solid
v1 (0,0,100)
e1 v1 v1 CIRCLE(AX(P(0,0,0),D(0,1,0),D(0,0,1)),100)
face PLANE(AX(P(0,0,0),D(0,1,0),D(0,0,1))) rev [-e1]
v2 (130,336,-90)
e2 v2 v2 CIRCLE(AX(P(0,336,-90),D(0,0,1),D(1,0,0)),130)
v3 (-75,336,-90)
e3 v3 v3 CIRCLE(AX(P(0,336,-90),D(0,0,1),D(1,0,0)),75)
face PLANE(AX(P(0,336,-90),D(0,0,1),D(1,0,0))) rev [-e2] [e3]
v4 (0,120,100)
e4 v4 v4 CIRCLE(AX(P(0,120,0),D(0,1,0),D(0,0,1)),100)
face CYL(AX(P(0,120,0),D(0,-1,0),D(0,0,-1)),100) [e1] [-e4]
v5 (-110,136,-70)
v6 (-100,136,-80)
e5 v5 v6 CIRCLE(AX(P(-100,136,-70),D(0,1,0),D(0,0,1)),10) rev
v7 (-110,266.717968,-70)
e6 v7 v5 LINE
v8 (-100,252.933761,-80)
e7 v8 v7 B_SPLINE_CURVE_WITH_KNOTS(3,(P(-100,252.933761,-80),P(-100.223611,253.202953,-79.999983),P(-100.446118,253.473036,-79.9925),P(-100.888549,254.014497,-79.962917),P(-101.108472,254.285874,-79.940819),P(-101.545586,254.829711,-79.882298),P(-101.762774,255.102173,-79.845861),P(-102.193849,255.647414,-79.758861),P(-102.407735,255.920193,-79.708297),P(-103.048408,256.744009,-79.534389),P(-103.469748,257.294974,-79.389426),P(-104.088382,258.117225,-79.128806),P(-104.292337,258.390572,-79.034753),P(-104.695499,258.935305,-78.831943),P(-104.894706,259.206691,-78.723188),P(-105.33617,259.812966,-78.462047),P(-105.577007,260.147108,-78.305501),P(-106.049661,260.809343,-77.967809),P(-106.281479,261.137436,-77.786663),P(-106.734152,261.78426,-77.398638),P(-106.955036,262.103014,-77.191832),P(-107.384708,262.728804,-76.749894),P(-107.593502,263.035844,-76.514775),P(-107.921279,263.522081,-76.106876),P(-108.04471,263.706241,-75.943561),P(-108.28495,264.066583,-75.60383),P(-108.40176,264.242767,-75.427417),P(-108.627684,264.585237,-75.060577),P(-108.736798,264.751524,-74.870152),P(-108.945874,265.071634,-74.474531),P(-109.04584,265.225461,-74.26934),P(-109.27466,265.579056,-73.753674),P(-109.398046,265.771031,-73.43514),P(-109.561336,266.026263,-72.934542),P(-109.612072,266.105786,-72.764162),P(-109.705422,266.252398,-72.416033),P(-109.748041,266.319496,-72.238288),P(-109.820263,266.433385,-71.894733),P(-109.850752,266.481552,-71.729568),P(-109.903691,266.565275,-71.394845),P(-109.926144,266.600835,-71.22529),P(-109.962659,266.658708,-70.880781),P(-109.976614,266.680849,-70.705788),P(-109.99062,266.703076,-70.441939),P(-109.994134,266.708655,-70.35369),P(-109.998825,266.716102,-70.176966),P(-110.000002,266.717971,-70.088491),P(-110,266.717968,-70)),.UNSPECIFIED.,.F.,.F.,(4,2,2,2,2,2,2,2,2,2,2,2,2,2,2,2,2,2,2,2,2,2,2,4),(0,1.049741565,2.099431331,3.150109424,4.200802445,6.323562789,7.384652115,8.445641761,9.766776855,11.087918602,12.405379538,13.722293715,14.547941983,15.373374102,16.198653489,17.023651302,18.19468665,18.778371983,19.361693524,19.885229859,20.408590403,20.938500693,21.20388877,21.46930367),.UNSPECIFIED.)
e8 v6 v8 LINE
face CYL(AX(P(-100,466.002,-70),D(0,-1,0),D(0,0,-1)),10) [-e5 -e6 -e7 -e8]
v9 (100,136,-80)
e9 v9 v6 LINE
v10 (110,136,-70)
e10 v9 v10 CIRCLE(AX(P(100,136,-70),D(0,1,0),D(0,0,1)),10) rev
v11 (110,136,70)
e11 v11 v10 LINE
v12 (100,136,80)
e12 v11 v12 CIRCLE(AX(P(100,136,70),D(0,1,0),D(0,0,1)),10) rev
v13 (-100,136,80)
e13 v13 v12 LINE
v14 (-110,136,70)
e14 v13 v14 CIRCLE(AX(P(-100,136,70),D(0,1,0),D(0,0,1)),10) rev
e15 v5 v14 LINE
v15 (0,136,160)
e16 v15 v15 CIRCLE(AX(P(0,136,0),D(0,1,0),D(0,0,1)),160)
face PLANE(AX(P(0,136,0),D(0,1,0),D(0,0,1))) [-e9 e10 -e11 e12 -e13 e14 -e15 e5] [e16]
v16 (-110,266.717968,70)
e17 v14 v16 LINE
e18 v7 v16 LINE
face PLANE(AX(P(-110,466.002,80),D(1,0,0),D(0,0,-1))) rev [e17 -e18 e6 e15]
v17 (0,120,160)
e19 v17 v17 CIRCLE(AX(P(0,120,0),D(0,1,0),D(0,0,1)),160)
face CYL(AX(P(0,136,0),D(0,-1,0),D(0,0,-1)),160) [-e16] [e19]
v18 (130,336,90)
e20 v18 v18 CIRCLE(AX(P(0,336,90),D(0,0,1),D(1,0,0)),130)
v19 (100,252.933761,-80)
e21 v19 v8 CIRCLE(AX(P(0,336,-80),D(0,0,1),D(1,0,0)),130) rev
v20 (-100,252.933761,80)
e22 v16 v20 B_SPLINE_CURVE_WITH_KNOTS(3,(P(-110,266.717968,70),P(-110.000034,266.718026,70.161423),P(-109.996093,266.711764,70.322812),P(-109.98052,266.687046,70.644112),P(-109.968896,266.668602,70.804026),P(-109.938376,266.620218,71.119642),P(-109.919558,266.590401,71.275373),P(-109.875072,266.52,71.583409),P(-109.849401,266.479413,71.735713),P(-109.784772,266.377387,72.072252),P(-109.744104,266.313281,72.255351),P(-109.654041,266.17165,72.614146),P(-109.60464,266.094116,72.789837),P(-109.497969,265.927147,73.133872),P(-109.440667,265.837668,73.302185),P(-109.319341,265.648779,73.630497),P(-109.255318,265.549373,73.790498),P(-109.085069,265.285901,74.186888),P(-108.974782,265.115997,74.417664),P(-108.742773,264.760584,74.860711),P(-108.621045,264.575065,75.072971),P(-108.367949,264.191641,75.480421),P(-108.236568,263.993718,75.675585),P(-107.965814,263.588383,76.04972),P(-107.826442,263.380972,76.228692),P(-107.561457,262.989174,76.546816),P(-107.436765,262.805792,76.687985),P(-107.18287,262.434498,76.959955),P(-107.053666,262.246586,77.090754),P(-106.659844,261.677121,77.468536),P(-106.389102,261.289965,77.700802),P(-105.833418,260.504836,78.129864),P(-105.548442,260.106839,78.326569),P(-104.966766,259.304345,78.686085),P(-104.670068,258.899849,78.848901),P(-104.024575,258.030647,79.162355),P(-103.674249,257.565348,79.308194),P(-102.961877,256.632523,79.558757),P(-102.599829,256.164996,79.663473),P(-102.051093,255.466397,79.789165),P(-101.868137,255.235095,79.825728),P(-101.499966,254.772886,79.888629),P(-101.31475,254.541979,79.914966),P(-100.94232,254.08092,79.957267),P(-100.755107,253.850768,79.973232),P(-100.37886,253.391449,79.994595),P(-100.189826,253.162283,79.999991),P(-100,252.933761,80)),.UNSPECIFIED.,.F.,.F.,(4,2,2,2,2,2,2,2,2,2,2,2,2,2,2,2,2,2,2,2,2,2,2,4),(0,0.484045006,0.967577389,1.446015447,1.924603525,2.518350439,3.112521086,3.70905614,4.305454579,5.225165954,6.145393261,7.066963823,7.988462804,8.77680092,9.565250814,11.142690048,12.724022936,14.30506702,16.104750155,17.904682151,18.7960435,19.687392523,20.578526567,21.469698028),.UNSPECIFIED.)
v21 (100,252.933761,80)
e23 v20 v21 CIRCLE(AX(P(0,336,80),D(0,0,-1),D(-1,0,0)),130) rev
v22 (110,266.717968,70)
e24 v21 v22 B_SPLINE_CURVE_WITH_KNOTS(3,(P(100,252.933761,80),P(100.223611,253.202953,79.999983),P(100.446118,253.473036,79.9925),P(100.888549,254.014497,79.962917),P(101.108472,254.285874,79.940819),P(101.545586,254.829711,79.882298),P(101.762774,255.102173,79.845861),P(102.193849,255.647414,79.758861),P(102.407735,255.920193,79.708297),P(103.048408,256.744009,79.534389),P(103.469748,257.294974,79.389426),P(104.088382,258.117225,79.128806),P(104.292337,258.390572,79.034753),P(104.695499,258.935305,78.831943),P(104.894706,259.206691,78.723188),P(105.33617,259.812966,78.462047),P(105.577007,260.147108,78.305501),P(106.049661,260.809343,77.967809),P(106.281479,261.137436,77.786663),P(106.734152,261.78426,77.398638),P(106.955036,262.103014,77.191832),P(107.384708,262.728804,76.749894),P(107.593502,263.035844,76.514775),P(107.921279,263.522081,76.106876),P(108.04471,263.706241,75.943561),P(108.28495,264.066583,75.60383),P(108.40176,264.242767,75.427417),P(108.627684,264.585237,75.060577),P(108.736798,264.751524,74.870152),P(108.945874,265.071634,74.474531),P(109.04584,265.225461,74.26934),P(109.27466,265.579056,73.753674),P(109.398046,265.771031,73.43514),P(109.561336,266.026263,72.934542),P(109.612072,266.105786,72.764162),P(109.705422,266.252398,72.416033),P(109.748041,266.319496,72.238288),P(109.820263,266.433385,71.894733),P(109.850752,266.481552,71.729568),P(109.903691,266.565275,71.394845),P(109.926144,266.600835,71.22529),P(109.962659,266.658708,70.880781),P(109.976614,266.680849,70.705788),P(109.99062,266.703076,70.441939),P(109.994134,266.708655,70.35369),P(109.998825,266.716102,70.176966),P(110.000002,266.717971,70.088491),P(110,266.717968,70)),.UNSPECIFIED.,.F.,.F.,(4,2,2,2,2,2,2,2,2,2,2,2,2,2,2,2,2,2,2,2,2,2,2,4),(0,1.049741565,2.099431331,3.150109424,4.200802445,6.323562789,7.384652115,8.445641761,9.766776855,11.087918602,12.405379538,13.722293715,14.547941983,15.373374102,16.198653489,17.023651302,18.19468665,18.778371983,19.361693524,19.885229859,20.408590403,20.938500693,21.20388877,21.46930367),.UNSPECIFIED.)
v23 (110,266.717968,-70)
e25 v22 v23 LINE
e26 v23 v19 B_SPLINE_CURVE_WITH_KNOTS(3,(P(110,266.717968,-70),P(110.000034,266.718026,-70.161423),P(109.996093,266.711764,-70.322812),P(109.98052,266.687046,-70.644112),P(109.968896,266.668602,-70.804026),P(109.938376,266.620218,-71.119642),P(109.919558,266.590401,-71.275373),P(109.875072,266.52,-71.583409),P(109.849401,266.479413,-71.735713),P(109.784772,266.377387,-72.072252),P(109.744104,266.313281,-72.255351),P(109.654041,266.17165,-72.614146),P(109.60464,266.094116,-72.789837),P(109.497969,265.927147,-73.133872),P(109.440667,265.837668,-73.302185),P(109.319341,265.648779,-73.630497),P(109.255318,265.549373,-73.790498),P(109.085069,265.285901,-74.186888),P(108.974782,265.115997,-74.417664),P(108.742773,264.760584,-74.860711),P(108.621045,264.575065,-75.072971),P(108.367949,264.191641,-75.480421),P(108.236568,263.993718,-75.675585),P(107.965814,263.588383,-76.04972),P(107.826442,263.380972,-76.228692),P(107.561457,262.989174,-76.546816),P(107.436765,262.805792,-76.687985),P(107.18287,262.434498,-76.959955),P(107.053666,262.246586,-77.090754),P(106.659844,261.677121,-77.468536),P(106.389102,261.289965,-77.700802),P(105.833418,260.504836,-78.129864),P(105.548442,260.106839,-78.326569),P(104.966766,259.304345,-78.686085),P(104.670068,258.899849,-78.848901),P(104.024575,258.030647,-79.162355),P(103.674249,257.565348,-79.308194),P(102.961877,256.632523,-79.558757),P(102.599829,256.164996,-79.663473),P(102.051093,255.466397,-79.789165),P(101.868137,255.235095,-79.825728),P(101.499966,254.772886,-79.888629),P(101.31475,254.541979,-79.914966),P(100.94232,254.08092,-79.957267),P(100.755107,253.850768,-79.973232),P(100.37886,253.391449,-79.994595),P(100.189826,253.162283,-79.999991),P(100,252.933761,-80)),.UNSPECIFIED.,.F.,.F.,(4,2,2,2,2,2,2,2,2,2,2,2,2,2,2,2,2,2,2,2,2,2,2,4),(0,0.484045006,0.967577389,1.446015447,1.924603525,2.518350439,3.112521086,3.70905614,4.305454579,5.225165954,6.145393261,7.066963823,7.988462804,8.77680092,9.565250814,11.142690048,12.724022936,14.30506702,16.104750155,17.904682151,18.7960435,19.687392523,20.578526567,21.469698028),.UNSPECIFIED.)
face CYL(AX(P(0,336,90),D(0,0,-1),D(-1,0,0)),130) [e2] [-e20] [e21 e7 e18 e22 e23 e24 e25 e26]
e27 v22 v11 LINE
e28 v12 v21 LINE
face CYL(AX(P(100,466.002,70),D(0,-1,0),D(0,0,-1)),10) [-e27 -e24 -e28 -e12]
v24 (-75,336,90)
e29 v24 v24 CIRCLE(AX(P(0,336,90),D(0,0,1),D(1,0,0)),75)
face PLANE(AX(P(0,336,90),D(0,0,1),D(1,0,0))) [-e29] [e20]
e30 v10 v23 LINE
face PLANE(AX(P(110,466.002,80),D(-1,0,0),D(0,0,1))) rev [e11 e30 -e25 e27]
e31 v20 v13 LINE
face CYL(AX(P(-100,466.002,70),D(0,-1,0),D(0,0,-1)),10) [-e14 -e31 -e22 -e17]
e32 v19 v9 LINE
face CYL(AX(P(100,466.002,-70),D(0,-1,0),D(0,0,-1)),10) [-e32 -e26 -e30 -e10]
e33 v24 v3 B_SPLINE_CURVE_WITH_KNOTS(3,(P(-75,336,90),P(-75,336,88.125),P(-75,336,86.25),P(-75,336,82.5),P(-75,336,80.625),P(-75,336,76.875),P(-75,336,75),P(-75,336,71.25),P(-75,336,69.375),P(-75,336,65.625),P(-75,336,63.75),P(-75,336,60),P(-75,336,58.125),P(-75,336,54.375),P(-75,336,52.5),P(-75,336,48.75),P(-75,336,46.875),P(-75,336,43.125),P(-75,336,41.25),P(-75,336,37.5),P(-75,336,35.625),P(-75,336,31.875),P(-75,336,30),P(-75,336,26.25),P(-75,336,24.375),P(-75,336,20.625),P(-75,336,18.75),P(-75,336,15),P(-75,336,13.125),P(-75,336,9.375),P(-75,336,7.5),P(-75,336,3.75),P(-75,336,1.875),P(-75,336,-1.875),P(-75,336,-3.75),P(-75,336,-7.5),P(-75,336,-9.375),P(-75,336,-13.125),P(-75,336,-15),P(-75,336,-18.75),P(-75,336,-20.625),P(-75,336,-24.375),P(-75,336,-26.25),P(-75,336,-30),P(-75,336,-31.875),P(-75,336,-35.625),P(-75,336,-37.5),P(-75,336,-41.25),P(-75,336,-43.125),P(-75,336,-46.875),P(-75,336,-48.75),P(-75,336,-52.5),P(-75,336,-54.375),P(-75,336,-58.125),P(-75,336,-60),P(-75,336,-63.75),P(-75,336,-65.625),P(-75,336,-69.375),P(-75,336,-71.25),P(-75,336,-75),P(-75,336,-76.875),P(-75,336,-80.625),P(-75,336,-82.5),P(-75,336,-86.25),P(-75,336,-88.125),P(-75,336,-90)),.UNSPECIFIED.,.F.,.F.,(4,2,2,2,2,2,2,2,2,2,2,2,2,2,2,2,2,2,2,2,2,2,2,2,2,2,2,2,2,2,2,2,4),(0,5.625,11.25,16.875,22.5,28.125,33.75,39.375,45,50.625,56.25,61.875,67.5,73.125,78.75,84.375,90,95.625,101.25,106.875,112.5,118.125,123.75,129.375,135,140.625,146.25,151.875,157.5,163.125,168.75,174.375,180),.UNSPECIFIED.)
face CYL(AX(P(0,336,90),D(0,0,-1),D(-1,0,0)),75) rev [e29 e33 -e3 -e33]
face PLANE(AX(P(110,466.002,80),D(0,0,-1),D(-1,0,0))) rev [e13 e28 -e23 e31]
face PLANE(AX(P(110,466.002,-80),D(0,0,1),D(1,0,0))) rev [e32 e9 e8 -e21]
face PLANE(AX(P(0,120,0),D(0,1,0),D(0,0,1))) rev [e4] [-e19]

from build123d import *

# Parameters (mm, degrees)
SKETCH1_R                = 100
BOSS_EXTRUDE1_DEPTH      = 120
SKETCH2_R                = 160
BOSS_EXTRUDE2_DEPTH      = 16
SKETCH3_R                = 130
SKETCH3_R_2              = 75
BOSS_EXTRUDE3_DEPTH      = 90
BOSS_EXTRUDE4_REACH      = 402.125
BOSS_EXTRUDE4_END_RADIUS = 130
SKETCH4_W                = 220
SKETCH4_H                = 160
FILLET1_R                = 10


with BuildPart() as part:
    # Sketch1 → Boss-Extrude1 (new body)
    with BuildSketch(Plane(origin=(0, 0, 0), x_dir=(1, 0, 0), z_dir=(0, 1, 0))):
        with Locations(Location((0, 0, 0), (0, 0, 270))):
            Circle(SKETCH1_R)
    extrude(amount=BOSS_EXTRUDE1_DEPTH)

    # Sketch2 → Boss-Extrude2 (add)
    with BuildSketch(Plane(origin=(0, 120, 0), x_dir=(1, 0, 0), z_dir=(0, 1, 0))):
        with Locations(Location((0, 0, 0), (0, 0, 270))):
            Circle(SKETCH2_R)
    extrude(amount=BOSS_EXTRUDE2_DEPTH)



with BuildPart() as body_2:
    # Sketch3 → Boss-Extrude3 (new, symmetric)
    with BuildSketch(Plane.XY):
        with Locations(Location((0, 336, 0), (0, 0, 180))):
            Circle(SKETCH3_R)
        with Locations(Location((0, 336, 0), (0, 0, 180))):
            Circle(SKETCH3_R_2, mode=Mode.SUBTRACT)
    extrude(amount=BOSS_EXTRUDE3_DEPTH, both=True)


with BuildPart() as part_1:
    add(part.part)

    add(body_2.part)  # Boss-Extrude4 merges body 2
    # Boss-Extrude4: up to this cylinder (the profile starts outside it)
    boss_extrude4_end = Plane(origin=(0, 336, 0), z_dir=(0, 0, -1)) * Cylinder(BOSS_EXTRUDE4_END_RADIUS, 1065.25, mode=Mode.PRIVATE)
    # Sketch4 → Boss-Extrude4 (add, up to the surface)
    with BuildSketch(Plane(origin=(0, 136, 0), x_dir=(1, 0, 0), z_dir=(0, 1, 0)), mode=Mode.PRIVATE) as boss_extrude4_sk1:
        Rectangle(SKETCH4_W, SKETCH4_H)
    boss_extrude4_tool1 = extrude(boss_extrude4_sk1.sketch, amount=BOSS_EXTRUDE4_REACH, mode=Mode.PRIVATE) - boss_extrude4_end
    add(boss_extrude4_tool1.solids().sort_by_distance((0, 136, 0))[0])

    # Fillet1
    fillet1_edges = [part_1.edges().sort_by_distance(p)[0] for p in [
        (-110, 201.358983849, 80),
        (-110, 201.358983849, -80),
        (110, 201.358983849, 80),
        (110, 201.358983849, -80),
    ]]
    fillet(fillet1_edges, radius=FILLET1_R)


solid = part_1.part
